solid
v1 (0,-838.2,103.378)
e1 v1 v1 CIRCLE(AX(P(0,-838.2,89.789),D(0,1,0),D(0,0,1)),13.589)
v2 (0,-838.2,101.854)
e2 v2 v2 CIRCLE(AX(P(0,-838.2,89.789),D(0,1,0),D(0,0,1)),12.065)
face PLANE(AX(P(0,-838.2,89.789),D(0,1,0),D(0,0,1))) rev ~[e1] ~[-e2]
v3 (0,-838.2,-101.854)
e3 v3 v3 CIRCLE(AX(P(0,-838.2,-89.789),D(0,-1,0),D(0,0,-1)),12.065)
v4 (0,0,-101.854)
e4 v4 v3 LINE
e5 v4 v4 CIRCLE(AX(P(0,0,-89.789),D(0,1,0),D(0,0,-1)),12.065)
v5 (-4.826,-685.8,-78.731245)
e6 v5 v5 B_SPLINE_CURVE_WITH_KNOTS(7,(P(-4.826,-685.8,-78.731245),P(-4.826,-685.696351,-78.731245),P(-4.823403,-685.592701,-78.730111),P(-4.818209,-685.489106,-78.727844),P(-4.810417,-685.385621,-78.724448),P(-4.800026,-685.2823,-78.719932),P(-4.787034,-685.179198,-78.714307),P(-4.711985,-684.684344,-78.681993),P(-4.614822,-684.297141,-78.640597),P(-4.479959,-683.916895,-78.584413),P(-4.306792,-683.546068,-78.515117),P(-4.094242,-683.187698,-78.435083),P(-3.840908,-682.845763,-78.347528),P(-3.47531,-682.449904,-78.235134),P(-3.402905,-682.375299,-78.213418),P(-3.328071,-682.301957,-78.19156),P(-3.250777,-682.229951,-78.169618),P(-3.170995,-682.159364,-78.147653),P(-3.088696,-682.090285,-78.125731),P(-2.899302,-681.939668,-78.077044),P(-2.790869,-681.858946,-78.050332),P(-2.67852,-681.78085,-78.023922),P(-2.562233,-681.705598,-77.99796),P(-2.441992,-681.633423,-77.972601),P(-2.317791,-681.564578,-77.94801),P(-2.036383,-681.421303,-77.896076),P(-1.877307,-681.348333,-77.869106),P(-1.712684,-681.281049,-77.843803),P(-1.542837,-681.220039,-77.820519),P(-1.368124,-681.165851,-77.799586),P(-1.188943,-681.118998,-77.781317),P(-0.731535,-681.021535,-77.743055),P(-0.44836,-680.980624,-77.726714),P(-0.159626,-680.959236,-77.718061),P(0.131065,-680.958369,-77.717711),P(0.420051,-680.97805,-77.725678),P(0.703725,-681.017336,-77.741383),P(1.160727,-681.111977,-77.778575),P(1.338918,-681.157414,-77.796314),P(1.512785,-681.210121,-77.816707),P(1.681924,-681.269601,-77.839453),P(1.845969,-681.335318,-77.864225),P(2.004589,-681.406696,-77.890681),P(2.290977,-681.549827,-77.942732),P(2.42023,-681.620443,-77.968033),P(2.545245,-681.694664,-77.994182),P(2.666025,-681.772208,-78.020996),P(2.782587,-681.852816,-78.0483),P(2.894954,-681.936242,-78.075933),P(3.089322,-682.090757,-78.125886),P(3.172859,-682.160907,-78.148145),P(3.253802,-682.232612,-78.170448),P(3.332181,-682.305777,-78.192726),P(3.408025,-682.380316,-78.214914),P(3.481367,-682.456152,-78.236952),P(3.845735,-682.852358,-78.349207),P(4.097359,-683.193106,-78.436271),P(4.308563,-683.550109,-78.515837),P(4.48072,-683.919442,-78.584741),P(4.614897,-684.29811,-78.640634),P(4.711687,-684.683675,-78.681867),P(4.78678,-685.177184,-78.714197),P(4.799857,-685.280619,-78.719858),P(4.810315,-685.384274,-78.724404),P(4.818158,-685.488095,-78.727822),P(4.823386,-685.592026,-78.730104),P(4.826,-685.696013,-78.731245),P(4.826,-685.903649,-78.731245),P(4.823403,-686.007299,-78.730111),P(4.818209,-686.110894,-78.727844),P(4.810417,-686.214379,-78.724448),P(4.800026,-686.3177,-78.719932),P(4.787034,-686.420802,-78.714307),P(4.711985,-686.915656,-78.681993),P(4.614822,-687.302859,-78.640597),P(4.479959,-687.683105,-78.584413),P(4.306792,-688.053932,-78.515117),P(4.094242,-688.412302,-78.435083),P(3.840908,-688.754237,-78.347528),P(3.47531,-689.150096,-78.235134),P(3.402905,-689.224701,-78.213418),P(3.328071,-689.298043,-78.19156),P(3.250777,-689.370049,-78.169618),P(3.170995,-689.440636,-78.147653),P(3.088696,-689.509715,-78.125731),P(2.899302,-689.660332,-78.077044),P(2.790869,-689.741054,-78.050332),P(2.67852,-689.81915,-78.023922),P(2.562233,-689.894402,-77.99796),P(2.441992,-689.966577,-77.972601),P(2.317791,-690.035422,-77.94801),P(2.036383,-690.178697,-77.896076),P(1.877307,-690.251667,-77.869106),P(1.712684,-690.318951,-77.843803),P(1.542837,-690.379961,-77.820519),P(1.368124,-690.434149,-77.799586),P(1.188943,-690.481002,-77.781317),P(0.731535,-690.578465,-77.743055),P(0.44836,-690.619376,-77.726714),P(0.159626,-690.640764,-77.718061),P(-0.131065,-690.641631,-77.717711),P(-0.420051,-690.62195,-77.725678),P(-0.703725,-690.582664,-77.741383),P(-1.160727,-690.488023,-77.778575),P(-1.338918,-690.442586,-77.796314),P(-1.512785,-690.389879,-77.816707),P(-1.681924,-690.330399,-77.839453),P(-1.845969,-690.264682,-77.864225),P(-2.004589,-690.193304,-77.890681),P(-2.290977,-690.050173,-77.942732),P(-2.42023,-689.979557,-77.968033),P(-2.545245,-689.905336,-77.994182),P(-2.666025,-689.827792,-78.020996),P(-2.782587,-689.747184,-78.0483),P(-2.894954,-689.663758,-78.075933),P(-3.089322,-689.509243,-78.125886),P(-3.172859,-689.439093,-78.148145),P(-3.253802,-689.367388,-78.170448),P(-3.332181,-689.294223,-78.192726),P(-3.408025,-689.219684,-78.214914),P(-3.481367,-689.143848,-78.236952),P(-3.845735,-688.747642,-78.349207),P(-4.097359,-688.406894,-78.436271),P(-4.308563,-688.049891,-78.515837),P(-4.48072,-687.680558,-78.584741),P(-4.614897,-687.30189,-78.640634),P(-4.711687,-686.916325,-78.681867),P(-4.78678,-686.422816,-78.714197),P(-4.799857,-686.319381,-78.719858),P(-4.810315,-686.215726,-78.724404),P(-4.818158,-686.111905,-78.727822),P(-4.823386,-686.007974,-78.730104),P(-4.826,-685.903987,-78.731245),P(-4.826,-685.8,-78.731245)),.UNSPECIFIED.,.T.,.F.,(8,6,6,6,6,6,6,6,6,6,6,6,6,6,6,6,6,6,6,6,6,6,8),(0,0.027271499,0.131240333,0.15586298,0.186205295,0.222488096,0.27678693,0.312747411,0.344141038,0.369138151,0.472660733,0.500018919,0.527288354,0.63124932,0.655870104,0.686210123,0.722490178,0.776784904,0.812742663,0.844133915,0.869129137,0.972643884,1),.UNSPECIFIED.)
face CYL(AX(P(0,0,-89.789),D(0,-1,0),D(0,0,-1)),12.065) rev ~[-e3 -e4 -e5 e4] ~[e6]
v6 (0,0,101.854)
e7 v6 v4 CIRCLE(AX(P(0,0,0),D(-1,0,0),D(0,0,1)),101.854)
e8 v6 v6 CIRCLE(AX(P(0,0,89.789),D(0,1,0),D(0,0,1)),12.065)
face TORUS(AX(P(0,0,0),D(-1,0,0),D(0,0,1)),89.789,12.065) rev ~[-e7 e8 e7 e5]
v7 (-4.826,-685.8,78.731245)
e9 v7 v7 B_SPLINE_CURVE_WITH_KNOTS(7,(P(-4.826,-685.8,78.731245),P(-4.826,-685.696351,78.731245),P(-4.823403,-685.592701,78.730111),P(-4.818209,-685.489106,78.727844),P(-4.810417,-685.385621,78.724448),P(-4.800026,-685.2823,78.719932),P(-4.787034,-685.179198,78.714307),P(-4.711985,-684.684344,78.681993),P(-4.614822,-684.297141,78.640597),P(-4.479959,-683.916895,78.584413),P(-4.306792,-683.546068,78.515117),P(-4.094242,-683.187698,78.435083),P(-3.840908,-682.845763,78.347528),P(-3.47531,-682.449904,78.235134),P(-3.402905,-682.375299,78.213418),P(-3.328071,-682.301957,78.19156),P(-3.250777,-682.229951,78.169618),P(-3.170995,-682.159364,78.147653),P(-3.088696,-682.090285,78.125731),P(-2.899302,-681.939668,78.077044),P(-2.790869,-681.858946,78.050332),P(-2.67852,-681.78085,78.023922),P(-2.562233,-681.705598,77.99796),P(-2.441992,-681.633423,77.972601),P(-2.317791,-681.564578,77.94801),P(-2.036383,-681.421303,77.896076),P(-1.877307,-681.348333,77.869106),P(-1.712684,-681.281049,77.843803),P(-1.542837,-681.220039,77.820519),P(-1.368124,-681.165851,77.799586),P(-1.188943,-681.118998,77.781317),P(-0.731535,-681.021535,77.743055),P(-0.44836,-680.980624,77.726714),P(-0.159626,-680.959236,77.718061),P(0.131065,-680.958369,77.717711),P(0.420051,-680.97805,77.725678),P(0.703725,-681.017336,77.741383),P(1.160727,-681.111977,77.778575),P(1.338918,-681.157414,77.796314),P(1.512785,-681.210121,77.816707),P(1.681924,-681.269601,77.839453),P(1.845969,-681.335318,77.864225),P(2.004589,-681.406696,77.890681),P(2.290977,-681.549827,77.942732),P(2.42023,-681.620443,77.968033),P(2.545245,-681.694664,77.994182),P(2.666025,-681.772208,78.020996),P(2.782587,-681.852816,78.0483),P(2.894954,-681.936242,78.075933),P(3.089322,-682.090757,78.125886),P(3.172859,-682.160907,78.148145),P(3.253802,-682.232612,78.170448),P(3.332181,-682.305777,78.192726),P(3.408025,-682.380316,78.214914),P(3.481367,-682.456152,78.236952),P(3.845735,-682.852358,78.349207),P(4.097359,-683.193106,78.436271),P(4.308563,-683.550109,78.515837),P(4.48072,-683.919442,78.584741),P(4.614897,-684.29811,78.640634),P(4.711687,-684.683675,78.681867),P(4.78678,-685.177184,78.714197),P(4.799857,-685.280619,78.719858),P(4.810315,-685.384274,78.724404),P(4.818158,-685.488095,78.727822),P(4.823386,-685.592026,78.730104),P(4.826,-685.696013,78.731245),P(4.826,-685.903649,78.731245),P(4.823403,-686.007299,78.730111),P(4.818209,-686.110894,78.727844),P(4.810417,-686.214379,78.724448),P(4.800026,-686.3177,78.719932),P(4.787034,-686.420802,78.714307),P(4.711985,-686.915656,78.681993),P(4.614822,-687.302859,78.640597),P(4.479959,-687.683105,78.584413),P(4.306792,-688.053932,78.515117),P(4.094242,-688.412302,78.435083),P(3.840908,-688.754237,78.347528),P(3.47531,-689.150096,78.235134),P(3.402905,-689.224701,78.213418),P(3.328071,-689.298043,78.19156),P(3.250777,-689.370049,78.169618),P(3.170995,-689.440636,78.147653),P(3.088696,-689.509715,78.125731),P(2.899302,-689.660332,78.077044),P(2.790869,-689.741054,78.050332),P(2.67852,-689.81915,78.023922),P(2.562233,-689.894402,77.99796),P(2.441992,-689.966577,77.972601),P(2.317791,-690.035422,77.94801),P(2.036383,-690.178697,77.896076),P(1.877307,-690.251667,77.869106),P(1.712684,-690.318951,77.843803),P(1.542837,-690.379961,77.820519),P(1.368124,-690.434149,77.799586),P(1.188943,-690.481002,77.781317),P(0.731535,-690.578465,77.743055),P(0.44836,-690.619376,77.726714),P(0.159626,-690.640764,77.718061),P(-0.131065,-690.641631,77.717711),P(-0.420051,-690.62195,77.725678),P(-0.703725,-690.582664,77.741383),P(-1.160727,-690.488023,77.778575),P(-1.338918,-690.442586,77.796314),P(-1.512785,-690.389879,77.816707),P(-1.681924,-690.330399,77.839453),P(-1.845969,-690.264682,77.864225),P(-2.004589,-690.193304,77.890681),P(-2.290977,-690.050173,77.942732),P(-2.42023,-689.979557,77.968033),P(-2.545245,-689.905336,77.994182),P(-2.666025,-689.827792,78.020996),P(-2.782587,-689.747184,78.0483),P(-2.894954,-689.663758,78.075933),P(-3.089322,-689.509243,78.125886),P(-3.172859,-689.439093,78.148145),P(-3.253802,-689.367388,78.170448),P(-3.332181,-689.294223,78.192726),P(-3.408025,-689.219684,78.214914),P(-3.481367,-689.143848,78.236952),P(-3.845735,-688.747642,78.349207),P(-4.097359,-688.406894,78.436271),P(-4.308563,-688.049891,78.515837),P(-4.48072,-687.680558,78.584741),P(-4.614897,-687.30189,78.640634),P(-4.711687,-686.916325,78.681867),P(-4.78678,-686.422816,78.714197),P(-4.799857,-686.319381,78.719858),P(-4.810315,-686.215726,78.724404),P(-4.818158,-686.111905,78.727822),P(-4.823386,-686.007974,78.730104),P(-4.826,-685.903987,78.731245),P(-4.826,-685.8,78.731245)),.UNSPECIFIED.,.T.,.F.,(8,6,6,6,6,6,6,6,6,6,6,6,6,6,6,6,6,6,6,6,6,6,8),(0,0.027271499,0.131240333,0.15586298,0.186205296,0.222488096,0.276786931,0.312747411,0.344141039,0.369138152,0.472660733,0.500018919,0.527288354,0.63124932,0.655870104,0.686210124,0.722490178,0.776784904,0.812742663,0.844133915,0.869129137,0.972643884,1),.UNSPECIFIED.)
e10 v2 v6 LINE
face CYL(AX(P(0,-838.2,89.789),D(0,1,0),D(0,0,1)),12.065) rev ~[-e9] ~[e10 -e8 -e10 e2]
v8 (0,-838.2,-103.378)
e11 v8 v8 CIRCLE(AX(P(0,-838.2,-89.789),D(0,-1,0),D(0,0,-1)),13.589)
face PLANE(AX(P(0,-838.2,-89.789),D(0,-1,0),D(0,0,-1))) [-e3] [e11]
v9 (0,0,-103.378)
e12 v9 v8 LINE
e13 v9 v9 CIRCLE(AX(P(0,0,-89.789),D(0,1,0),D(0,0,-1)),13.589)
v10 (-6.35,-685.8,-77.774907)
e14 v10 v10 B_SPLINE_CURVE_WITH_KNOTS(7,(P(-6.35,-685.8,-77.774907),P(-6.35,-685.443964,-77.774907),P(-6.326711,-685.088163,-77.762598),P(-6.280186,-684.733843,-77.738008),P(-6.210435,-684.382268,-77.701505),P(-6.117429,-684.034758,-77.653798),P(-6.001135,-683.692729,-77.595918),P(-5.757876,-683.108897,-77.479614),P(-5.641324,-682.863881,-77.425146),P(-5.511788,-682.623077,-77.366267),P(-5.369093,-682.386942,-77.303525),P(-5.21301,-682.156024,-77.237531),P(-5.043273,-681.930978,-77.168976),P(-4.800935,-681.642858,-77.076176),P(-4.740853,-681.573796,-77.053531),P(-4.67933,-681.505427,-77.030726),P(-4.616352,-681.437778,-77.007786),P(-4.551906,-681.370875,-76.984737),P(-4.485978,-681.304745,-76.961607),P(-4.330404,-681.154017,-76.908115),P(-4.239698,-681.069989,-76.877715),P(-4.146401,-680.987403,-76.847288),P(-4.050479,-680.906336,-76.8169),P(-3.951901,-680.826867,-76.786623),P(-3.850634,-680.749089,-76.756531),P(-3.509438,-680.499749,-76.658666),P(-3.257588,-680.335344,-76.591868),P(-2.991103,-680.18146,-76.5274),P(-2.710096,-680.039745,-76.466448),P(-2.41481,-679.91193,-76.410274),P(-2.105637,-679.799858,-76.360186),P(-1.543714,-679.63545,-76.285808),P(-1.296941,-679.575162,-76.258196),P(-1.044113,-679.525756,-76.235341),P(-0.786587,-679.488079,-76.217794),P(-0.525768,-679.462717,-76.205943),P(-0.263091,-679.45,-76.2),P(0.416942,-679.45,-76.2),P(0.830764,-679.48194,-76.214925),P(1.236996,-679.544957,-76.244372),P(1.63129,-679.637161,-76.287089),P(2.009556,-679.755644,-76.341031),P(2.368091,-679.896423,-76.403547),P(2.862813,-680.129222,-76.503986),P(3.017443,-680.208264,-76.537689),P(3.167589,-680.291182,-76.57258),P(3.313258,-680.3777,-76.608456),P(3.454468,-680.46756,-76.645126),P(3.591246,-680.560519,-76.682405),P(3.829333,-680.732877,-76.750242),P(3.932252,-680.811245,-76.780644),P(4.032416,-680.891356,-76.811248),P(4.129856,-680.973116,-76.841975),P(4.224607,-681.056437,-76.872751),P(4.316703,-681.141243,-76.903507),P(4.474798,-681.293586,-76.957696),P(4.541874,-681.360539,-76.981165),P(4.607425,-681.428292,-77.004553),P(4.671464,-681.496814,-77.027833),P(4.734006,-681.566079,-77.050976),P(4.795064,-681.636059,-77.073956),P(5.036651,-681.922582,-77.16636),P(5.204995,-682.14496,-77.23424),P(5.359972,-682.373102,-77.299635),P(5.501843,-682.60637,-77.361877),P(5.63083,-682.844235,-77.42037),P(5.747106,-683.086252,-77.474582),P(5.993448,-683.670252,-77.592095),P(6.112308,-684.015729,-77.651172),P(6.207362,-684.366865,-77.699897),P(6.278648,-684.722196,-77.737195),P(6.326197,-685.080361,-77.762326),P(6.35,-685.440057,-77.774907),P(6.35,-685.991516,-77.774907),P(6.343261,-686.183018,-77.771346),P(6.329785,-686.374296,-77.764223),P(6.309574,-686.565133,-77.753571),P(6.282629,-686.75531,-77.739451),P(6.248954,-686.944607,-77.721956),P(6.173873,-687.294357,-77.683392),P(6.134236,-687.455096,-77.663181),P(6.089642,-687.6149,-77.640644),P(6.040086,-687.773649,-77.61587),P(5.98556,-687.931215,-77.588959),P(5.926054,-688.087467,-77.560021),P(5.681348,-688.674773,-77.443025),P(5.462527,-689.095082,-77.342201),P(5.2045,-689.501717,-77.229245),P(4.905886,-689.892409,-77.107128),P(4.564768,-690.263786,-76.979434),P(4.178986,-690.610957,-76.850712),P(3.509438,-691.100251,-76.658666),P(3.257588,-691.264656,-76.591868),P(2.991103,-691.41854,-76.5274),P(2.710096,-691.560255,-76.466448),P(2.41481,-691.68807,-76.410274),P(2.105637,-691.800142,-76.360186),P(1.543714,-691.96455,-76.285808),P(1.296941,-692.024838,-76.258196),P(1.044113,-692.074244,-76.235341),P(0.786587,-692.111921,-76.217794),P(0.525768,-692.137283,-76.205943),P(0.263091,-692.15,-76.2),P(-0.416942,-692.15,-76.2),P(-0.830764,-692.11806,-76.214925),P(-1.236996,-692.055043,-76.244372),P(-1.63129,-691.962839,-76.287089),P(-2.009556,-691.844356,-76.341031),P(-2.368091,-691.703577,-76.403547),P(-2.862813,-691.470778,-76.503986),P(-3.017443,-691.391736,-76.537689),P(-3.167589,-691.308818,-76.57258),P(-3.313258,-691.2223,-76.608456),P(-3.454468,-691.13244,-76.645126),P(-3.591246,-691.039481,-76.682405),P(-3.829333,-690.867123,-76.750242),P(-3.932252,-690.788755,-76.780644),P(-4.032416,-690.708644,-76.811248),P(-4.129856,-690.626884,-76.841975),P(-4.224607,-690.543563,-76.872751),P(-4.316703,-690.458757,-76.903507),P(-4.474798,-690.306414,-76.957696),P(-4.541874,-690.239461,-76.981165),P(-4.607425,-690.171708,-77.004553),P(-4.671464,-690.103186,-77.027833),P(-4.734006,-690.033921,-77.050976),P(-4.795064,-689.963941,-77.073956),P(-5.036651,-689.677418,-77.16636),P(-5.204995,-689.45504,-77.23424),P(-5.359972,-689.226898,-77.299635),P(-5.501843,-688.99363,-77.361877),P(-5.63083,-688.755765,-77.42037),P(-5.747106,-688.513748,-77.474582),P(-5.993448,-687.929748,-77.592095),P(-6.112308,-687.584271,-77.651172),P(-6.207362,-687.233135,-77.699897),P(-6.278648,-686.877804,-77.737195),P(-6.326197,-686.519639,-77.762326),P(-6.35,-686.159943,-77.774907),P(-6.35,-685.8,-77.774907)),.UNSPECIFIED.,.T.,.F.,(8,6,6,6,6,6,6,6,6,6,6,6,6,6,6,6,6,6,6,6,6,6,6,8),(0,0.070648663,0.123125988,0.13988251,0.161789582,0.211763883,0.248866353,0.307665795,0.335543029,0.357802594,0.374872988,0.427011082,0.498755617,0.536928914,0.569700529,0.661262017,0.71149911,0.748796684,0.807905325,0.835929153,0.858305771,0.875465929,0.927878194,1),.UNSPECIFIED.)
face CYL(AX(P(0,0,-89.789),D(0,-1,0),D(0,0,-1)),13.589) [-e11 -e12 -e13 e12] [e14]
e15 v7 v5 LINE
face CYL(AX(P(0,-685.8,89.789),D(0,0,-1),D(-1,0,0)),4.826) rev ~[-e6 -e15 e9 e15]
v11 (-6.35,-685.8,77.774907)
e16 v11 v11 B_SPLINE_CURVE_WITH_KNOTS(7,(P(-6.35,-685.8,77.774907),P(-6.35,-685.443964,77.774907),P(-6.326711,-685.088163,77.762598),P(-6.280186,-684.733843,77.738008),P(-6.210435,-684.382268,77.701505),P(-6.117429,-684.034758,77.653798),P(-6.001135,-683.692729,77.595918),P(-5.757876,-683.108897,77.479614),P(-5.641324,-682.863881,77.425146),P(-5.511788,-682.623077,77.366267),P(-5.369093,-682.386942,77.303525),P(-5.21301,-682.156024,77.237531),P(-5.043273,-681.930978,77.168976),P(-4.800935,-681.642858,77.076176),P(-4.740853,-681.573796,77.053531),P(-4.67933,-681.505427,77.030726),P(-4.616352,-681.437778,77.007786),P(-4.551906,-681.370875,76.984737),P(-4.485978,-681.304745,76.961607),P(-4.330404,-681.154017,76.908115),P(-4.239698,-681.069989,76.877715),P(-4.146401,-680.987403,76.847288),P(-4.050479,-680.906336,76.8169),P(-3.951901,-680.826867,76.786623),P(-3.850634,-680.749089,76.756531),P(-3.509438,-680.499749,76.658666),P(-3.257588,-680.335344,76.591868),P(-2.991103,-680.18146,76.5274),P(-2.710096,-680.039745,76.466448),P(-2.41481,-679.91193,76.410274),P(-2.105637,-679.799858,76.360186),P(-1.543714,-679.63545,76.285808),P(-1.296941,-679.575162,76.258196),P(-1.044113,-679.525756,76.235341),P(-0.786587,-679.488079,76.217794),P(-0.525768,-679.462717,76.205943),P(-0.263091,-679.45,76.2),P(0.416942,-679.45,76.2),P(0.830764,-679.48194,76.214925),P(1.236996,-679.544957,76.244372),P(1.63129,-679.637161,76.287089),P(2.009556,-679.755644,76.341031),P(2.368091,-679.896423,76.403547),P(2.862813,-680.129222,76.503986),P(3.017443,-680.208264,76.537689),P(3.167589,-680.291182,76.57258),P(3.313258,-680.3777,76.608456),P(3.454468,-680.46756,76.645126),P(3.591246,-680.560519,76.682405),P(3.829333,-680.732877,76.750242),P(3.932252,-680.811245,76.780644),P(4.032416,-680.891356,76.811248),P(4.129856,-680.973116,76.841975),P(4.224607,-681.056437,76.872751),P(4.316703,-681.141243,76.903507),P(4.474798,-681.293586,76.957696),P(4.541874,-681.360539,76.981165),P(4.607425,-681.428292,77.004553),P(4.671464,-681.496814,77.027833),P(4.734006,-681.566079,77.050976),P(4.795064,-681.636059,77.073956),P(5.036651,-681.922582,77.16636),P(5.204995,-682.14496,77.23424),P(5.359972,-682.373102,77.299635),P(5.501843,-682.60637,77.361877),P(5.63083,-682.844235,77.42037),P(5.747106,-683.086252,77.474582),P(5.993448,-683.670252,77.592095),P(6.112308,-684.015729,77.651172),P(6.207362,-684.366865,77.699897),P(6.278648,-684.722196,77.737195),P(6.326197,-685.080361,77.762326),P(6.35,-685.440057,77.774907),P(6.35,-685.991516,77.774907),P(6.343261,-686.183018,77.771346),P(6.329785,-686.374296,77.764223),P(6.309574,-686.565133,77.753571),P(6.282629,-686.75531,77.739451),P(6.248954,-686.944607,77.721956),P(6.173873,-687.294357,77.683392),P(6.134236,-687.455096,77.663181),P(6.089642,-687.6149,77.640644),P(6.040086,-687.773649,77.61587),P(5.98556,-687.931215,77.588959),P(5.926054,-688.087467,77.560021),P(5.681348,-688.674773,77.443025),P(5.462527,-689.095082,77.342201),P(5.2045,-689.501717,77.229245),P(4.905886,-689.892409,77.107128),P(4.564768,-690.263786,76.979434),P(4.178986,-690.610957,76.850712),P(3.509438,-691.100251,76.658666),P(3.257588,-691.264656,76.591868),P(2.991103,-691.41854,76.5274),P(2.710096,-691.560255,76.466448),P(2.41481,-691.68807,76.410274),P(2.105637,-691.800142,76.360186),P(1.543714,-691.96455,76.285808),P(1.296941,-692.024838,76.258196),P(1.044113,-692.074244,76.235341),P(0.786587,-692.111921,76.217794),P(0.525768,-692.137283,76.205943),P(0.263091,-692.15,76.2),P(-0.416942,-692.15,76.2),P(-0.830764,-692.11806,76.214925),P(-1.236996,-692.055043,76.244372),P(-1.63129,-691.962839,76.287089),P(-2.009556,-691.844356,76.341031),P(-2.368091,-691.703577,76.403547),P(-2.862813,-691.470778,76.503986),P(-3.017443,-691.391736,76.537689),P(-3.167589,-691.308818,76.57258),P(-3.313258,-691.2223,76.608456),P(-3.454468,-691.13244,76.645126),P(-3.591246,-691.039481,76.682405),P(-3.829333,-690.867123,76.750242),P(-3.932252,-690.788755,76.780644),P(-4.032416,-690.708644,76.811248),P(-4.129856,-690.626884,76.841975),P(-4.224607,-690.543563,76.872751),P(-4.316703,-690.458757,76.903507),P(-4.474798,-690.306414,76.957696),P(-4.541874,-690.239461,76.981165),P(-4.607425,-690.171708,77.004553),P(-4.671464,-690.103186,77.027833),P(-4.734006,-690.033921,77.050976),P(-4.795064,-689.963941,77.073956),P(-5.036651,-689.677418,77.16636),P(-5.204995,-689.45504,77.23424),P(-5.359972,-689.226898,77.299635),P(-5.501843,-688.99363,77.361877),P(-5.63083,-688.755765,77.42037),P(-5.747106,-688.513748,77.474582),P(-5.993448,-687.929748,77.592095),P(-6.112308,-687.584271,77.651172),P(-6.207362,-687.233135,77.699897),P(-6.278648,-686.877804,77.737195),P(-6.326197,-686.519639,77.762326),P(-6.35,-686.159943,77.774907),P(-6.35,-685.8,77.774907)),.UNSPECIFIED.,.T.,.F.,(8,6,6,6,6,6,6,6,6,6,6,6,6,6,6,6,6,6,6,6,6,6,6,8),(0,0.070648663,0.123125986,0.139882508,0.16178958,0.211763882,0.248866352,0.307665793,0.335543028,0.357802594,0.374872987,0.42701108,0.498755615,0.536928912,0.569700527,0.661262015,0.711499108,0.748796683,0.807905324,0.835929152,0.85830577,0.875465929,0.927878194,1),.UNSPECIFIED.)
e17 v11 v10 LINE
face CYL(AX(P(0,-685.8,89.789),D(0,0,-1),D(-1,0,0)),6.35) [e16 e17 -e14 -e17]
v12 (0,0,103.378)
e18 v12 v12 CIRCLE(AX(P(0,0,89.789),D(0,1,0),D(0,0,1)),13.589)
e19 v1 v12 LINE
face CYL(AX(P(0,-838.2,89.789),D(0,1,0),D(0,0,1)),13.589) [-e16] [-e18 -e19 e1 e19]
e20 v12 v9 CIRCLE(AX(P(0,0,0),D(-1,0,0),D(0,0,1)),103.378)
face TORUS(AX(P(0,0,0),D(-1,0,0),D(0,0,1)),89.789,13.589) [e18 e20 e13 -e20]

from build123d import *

# Parameters (mm, degrees)
SWEEP1_PROFILE_R = 13.589
SWEEP2_PROFILE_R = 6.35
SHELL1_T         = -1.524


with BuildPart() as part:
    # Sweep1: sweep along a path in Sketch2
    with BuildLine(Plane.YZ) as sweep1_path:
        Line((-838.2, 89.789), (0, 89.789))
        ThreePointArc((0, 89.789), (89.789, 0), (0, -89.789))
        Line((0, -89.789), (-838.2, -89.789))
    # Sweep1 profile (on start of the path) → Sweep1 (sweep)
    with BuildSketch(Plane(origin=(0, -838.2, 89.789), x_dir=(0, 0, 1), z_dir=(0, 1, 0))):
        Circle(SWEEP1_PROFILE_R)
    sweep(path=sweep1_path.line)

    # Sweep2: sweep along a path in Sketch2<3>
    with BuildLine(Plane.YZ) as sweep2_path:
        Line((-685.8, 89.789), (-685.8, -89.789))
    # Sweep2 profile (on start of the path) → Sweep2 (sweep)
    with BuildSketch(Plane(origin=(0, -685.8, 89.789), x_dir=(-1, 0, 0), z_dir=(0, 0, -1))):
        Circle(SWEEP2_PROFILE_R)
    sweep(path=sweep2_path.line)

    # Shell1
    shell1_openings = [part.faces().sort_by_distance(p)[0] for p in [
        (0, -838.2, 89.789),
        (0, -838.2, -89.789),
    ]]
    offset(amount=SHELL1_T, openings=shell1_openings, kind=Kind.INTERSECTION)


solid = part.part
